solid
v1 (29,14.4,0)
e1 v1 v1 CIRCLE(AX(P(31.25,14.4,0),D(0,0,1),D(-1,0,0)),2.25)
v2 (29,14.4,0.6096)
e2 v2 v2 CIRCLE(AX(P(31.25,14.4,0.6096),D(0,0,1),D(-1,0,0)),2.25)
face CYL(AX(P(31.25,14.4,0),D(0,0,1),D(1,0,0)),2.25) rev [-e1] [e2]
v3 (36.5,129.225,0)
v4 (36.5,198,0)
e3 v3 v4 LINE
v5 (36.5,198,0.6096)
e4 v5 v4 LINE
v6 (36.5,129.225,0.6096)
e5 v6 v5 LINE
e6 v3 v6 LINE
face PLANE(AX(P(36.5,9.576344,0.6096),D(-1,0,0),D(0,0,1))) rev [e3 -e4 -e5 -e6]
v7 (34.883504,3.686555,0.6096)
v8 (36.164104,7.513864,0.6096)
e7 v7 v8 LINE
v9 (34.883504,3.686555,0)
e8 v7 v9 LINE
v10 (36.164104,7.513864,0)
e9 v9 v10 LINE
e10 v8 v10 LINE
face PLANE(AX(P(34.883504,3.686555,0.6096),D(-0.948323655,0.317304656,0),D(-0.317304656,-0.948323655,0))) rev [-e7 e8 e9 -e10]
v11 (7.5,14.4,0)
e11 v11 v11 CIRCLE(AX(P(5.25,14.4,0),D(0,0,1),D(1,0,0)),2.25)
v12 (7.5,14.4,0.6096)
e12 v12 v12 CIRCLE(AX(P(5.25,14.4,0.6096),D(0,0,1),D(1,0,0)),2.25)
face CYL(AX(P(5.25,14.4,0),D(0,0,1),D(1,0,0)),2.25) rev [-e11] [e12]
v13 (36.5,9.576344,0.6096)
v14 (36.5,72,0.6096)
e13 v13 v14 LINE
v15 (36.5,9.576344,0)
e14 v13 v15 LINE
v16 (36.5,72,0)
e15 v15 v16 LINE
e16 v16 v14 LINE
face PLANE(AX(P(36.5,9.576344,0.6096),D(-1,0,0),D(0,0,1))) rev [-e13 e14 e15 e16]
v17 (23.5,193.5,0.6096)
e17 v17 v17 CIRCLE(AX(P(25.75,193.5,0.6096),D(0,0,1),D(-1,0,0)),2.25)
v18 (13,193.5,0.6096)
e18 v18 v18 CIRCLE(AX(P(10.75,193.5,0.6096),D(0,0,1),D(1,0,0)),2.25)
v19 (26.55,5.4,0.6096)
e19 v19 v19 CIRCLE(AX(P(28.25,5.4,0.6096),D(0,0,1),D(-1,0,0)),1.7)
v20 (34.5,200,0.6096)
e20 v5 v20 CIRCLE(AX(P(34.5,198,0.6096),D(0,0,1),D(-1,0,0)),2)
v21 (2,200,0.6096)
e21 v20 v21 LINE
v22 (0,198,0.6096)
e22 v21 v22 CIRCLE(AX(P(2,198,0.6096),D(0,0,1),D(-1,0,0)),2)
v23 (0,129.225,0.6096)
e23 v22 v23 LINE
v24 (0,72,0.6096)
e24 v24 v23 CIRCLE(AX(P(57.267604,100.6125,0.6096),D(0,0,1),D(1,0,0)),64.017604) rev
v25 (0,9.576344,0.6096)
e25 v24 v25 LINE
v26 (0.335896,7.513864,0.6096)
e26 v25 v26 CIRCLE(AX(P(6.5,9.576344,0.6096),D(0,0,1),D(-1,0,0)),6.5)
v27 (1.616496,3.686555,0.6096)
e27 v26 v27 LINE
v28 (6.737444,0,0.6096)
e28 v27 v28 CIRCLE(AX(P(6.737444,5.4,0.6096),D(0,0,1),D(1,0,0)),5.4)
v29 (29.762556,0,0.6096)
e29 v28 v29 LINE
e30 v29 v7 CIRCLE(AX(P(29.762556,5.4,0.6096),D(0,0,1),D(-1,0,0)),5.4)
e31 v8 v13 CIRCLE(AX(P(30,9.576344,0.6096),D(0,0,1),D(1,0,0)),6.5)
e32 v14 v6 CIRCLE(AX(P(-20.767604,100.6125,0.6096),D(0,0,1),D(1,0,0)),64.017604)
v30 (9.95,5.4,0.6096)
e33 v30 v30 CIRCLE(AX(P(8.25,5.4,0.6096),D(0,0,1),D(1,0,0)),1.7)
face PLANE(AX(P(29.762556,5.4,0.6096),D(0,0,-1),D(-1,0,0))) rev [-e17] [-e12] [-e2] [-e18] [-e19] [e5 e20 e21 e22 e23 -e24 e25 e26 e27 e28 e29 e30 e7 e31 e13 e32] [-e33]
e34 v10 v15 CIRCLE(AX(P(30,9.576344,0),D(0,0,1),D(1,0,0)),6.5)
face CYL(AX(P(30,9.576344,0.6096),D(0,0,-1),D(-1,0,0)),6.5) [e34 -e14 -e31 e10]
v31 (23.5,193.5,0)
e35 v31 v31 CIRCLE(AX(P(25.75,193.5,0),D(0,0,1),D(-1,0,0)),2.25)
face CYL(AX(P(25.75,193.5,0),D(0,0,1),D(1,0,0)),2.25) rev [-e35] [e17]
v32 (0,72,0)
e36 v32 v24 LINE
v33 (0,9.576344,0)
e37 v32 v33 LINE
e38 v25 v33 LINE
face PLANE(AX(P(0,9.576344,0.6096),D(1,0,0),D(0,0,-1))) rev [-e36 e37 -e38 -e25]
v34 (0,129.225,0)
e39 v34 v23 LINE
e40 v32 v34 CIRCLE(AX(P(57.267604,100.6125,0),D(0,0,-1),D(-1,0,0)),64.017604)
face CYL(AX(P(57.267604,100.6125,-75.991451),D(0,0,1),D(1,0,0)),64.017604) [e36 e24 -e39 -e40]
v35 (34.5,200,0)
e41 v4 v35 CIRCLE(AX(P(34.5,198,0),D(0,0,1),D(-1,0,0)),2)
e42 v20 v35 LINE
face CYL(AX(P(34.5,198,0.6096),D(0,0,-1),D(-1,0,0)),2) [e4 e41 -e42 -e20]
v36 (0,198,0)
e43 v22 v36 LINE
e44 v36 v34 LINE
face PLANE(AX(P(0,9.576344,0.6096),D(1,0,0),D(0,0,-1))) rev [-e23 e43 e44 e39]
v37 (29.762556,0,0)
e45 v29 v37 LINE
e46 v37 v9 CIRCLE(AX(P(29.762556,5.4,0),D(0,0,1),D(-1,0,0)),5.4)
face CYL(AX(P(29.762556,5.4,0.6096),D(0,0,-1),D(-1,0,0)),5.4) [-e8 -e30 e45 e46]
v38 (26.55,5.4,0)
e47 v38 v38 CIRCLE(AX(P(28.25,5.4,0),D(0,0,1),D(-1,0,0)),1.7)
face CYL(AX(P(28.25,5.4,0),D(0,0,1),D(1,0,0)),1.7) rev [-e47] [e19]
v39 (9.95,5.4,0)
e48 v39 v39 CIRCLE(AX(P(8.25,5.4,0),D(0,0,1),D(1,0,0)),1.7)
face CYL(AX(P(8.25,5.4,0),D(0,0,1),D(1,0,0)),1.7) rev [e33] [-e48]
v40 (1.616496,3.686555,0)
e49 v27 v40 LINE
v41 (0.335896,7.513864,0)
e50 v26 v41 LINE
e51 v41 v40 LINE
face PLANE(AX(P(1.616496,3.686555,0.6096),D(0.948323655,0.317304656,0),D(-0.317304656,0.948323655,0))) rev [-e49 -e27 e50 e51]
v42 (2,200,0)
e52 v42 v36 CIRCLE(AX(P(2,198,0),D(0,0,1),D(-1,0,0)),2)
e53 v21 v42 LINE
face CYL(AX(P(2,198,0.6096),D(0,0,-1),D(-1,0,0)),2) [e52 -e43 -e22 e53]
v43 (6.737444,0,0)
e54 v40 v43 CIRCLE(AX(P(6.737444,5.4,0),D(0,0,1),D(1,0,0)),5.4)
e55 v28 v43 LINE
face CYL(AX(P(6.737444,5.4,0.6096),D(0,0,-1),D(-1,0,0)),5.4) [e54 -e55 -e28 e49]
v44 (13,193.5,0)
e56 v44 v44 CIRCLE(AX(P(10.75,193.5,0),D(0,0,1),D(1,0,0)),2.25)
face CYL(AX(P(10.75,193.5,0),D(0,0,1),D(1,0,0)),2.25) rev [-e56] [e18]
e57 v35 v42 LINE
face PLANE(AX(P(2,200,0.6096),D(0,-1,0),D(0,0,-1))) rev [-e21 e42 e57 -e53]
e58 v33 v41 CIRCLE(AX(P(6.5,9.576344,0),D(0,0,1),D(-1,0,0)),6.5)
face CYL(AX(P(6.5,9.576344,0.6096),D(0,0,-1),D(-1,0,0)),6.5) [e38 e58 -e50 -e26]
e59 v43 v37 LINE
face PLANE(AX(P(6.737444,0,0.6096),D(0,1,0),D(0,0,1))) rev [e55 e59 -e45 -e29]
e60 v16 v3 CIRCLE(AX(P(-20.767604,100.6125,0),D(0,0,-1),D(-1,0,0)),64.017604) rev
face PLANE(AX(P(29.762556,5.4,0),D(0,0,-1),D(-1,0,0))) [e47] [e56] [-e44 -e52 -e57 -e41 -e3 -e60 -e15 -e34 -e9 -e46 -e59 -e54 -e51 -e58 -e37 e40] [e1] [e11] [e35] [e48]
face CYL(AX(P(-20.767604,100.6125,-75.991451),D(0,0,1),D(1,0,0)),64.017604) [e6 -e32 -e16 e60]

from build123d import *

# Parameters (mm, degrees)
BOSS_EXTRUDE1_DEPTH = 0.6096
SKETCH3_R           = 1.7
SKETCH3_R_2         = 2.25
CUT_EXTRUDE1_DEPTH  = 204.304258716
SKETCH4_W           = 18.25
SKETCH4_H           = 57.225
BOSS_EXTRUDE2_DEPTH = 0.6096


with BuildPart() as part:
    # Sketch2 → Boss-Extrude1 (new body)
    with BuildSketch(Plane.XY):
        with BuildLine():
            Line((34.883504, 3.686554855), (36.164103759, 7.513864099))
            ThreePointArc((36.164103759, 7.513864099), (36.415476383, 8.531517689), (36.5, 9.576344365))
            Line((36.5, 9.576344365), (36.5, 198))
            ThreePointArc((36.5, 198), (35.914213562, 199.414213562), (34.5, 200))
            Line((34.5, 200), (2, 200))
            ThreePointArc((2, 200), (0.585786438, 199.414213562), (0, 198))
            Line((0, 198), (0, 9.576344365))
            ThreePointArc((0, 9.576344365), (0.084523617, 8.531517689), (0.335896241, 7.513864099))
            Line((0.335896241, 7.513864099), (1.616496, 3.686554855))
            ThreePointArc((1.616496, 3.686554855), (3.582495544, 1.017500497), (6.737443738, 0))
            Line((6.737443738, 0), (29.762556262, 0))
            ThreePointArc((29.762556262, 0), (32.917504456, 1.017500497), (34.883504, 3.686554855))
        make_face()
    extrude(amount=BOSS_EXTRUDE1_DEPTH)

    # Sketch3 → Cut-Extrude1 (cut, through all)
    with BuildSketch(Plane.XY.offset(0.6096)):
        with Locations((8.25, 5.4)):
            Circle(SKETCH3_R)
        with Locations((5.25, 14.4)):
            Circle(SKETCH3_R_2)
        with Locations((10.75, 193.5)):
            Circle(SKETCH3_R_2)
        with Locations(Location((28.25, 5.4, 0), (0, 0, 180))):
            Circle(SKETCH3_R)
        with Locations(Location((31.25, 14.4, 0), (0, 0, 180))):
            Circle(SKETCH3_R_2)
        with Locations(Location((25.75, 193.5, 0), (0, 0, 180))):
            Circle(SKETCH3_R_2)
    extrude(amount=-CUT_EXTRUDE1_DEPTH, mode=Mode.SUBTRACT)

    # Sketch4 → Boss-Extrude2 (add)
    with BuildSketch(Plane.XY.offset(0.6096)):
        with Locations((9.125, 100.6125)):
            Rectangle(SKETCH4_W, SKETCH4_H)
        with BuildLine():
            ThreePointArc((0, 129.225), (-6.75, 100.6125), (0, 72))
            Line((0, 72), (0, 129.225))
        make_face()
        with Locations((27.375, 100.6125)):
            Rectangle(SKETCH4_W, SKETCH4_H)
        with BuildLine():
            Line((36.5, 129.225), (36.5, 72))
            ThreePointArc((36.5, 72), (43.25, 100.6125), (36.5, 129.225))
        make_face()
    extrude(amount=-BOSS_EXTRUDE2_DEPTH)


solid = part.part
